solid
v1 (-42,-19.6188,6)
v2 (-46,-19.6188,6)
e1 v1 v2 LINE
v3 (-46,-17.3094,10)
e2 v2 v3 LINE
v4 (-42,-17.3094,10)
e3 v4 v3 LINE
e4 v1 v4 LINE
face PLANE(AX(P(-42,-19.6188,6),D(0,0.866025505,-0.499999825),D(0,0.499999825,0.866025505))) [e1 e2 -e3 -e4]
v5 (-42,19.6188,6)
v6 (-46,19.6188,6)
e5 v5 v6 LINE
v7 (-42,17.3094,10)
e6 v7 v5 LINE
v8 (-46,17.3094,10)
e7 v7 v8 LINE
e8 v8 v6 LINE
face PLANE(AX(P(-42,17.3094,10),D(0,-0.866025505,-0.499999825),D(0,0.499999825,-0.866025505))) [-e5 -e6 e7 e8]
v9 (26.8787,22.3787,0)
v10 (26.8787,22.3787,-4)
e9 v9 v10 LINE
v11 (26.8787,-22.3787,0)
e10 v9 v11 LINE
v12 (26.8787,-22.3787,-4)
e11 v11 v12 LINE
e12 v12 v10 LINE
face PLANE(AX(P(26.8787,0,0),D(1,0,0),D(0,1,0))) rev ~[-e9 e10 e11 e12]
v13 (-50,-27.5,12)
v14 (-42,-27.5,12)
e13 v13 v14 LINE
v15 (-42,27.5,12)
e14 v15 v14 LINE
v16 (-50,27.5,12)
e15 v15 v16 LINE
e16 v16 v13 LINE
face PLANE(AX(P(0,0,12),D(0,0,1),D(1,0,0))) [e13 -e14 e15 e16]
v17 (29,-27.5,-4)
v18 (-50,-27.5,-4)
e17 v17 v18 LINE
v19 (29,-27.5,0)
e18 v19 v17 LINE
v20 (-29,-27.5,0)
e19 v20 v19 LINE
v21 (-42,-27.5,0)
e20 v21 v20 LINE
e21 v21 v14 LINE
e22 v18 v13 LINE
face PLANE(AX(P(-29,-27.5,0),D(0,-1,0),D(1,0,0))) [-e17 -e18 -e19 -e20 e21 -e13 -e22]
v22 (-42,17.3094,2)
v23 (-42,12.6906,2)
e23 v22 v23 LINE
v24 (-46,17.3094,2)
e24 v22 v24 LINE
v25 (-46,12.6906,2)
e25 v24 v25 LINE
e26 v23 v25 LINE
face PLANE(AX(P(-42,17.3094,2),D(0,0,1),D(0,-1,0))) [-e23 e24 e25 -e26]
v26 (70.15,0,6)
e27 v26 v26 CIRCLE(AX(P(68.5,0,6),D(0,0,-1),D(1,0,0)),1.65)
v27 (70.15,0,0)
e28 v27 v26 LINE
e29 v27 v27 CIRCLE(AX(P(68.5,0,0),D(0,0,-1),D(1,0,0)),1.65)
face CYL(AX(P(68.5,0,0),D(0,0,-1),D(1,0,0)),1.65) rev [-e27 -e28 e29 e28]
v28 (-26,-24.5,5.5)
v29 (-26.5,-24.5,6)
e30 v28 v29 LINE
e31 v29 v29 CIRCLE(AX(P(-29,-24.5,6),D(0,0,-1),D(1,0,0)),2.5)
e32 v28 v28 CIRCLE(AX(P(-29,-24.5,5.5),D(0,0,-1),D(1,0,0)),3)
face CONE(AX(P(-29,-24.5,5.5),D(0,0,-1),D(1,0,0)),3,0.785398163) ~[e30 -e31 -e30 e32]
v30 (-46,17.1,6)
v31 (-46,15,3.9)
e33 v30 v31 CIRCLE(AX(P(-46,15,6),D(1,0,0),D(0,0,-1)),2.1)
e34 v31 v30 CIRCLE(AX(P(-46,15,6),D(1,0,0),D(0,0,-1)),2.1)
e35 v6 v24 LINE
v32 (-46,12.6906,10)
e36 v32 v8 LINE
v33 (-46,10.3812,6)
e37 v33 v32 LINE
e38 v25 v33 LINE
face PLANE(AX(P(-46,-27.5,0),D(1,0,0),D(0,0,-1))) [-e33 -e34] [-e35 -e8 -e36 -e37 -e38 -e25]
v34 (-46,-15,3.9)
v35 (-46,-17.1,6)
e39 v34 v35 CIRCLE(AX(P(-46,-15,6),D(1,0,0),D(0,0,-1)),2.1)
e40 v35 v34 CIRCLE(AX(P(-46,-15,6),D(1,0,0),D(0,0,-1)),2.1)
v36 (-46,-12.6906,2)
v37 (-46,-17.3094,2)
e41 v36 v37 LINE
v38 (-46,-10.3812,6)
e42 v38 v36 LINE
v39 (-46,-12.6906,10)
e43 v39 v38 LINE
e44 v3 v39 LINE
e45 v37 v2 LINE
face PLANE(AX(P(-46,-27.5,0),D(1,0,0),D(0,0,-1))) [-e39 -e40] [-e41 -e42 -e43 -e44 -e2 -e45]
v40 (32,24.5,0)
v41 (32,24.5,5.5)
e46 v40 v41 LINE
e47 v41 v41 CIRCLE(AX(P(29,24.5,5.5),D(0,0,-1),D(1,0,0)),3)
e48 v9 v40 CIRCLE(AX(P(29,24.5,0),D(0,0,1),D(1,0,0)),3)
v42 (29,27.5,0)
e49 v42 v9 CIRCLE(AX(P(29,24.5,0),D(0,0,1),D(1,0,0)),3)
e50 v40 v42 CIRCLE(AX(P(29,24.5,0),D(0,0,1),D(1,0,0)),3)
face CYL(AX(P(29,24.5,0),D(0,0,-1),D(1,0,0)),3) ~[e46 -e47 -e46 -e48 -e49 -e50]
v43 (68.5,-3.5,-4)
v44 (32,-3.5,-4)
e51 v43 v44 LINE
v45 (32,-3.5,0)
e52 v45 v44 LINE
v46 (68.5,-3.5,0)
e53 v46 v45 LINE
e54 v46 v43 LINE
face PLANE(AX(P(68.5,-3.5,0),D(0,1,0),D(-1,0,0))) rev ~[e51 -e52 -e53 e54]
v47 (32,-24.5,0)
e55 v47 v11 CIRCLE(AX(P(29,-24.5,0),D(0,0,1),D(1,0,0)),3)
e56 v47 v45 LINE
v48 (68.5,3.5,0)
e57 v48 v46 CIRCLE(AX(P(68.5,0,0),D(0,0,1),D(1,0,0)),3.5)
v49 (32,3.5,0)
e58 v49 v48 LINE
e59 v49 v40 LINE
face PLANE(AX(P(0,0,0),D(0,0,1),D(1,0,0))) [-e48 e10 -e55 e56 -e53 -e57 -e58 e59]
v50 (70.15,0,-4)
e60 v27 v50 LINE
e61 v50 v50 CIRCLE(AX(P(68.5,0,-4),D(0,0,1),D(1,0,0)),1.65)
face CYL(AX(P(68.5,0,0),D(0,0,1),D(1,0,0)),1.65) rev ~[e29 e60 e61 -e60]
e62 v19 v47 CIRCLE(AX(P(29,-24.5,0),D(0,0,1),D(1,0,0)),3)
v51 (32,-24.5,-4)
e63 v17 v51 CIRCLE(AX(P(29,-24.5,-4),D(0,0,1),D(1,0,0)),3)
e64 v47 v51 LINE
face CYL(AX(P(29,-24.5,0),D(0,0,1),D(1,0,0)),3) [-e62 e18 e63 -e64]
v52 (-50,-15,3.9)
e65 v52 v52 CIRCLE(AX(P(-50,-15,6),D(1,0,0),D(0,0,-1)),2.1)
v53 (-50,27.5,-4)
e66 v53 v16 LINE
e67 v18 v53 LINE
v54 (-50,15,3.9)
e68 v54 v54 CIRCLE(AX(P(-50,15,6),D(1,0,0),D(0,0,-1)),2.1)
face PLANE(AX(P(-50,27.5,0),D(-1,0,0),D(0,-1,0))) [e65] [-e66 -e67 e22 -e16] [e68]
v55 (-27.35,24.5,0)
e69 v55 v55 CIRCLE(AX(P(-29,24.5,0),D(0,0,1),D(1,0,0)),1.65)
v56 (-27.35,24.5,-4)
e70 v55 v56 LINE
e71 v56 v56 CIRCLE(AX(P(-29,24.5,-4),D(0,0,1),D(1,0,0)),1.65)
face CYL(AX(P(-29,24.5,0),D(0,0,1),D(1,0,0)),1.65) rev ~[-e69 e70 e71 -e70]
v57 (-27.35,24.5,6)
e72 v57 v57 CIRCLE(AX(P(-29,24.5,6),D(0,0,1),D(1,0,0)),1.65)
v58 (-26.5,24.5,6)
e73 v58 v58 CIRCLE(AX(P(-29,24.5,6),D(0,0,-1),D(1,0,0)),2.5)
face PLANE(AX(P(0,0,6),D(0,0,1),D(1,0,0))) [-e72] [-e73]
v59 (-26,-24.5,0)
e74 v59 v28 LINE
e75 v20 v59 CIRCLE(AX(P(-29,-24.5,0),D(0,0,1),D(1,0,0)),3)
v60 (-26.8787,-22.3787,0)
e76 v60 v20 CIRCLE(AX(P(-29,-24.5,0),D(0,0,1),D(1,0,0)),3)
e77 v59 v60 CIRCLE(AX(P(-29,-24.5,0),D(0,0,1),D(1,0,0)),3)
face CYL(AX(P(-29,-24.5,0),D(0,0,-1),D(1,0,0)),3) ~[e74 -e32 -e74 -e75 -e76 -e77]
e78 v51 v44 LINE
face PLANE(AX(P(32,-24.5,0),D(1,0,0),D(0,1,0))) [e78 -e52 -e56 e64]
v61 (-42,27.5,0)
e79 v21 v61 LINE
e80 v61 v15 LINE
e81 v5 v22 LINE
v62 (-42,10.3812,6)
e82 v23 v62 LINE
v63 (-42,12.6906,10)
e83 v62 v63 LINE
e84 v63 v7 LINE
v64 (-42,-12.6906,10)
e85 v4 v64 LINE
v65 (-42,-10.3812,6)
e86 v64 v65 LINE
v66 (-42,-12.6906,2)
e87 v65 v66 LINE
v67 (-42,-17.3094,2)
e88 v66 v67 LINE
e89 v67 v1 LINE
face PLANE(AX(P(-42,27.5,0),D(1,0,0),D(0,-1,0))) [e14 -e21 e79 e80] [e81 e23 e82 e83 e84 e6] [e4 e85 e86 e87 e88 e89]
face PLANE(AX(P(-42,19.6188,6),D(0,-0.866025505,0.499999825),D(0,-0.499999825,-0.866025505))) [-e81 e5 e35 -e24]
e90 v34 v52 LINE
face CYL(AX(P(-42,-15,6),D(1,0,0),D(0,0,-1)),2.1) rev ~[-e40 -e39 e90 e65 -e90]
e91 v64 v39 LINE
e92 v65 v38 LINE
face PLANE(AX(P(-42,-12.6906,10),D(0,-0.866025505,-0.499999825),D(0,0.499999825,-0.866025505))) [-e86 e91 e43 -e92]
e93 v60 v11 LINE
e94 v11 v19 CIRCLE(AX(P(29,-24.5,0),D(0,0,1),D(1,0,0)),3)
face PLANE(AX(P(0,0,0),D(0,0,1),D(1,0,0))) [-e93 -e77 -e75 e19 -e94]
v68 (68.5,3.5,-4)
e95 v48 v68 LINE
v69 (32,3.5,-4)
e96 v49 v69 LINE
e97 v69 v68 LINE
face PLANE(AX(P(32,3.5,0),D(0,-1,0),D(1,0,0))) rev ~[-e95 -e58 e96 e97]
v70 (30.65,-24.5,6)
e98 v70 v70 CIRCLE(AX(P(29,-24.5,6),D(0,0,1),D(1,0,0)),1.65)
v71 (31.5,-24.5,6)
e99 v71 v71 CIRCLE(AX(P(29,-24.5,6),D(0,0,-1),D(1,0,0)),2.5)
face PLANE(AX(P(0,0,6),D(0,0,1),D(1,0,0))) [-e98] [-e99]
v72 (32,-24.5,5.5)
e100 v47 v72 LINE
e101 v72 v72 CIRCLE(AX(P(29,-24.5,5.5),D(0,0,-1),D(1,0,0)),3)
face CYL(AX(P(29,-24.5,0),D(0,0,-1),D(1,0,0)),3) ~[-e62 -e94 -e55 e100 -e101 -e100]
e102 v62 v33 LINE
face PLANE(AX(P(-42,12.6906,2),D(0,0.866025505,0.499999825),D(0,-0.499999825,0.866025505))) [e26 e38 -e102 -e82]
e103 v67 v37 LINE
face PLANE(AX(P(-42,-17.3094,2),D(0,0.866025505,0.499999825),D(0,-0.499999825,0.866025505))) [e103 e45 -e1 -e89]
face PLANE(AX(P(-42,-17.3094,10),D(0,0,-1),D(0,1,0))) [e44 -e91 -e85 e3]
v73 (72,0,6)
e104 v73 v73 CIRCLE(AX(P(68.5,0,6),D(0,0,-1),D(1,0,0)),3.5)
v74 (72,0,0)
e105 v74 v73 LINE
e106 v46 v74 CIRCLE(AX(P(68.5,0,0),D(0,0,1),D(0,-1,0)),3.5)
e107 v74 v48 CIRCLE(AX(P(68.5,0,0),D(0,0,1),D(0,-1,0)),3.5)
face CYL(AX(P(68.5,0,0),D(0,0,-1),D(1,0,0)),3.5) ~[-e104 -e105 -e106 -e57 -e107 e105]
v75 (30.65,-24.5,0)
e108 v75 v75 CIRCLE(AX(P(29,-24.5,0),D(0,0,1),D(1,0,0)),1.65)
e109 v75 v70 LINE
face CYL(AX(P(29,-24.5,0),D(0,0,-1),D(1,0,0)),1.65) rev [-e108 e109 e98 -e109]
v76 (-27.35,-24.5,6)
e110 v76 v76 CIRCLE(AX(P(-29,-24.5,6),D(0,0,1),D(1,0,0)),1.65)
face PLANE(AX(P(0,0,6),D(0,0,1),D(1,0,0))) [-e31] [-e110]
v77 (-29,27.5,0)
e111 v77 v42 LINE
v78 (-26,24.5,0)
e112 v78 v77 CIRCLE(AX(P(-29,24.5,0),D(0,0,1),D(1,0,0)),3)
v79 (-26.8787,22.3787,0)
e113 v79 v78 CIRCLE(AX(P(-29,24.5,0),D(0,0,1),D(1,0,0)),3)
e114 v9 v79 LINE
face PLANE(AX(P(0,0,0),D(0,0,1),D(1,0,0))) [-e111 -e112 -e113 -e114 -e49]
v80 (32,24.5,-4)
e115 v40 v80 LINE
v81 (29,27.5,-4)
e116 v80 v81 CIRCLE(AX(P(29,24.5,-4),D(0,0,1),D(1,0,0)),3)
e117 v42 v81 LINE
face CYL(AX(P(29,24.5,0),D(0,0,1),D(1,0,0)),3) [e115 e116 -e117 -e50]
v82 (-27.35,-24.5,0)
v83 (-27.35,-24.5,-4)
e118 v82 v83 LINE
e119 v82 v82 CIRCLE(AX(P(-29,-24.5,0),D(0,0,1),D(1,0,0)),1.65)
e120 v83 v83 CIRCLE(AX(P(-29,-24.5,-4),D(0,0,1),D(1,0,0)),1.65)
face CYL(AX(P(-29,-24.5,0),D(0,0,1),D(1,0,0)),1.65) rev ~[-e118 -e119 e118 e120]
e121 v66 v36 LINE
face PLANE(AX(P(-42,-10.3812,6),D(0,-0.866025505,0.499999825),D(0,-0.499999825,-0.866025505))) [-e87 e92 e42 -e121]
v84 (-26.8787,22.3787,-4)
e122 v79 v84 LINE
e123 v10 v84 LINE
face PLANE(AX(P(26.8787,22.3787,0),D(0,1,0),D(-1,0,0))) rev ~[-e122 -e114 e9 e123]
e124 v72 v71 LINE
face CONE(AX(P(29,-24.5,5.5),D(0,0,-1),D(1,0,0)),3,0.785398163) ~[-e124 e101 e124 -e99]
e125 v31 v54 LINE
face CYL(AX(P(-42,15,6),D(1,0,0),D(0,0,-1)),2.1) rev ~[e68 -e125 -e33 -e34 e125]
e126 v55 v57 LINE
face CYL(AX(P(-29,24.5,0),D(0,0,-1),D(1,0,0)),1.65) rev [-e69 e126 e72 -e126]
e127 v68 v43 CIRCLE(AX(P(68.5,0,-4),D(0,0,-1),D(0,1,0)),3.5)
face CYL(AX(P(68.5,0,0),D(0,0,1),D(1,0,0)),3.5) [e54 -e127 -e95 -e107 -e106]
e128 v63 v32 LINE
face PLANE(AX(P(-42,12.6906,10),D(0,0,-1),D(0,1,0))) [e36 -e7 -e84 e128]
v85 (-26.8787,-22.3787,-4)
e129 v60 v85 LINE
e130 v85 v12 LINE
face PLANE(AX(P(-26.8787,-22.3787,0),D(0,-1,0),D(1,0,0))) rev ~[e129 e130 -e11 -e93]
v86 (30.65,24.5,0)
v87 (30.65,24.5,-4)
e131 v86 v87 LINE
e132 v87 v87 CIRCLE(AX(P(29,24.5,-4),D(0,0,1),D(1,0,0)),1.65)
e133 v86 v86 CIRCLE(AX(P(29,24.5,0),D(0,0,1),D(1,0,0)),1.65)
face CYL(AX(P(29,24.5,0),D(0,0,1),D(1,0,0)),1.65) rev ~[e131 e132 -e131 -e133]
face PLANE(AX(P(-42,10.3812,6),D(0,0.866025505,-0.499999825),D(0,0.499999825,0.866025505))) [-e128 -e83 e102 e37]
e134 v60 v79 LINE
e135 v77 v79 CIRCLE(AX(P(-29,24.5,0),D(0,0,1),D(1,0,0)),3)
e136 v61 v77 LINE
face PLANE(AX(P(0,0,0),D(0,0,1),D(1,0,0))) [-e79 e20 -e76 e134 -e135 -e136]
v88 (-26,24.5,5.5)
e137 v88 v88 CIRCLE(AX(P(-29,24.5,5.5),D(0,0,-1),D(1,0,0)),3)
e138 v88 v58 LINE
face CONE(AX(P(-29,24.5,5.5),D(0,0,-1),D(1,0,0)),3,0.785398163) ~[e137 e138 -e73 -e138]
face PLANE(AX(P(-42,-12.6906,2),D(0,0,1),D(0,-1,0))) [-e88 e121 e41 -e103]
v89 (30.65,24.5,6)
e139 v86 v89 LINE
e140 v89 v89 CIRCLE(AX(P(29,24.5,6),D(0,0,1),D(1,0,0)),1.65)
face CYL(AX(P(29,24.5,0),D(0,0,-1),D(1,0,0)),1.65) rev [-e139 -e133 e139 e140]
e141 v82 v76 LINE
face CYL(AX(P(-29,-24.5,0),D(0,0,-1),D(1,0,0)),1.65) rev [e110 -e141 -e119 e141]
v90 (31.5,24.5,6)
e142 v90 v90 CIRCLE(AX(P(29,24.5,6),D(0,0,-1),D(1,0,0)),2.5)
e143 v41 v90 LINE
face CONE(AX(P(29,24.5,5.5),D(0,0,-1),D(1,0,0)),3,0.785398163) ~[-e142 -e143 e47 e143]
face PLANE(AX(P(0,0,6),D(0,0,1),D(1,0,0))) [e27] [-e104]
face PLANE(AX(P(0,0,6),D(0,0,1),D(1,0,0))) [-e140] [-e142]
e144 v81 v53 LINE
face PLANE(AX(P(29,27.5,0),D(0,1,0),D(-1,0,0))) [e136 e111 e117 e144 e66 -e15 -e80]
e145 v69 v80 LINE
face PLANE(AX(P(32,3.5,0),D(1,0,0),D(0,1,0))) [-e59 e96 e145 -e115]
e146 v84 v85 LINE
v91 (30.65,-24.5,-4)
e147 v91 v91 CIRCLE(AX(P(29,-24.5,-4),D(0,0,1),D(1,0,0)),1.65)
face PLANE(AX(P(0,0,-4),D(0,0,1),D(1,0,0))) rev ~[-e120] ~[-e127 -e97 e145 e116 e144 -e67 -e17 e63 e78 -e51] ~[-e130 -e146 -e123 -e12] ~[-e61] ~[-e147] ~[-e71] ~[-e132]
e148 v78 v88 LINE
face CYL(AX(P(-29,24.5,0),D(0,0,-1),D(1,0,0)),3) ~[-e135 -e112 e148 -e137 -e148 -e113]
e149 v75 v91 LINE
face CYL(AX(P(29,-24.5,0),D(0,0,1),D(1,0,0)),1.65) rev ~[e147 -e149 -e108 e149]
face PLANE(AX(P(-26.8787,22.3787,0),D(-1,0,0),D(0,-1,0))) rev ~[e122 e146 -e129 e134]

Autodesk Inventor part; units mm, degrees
ref_plane "YZ Plane" through (0, 0, 0) normal (1, 0, 0) x (0, 1, 0)
ref_plane "XZ Plane" through (0, 0, 0) normal (0, 1, 0) x (-1, 0, 0)
ref_plane "XY Plane" through (0, 0, 0) normal (0, 0, 1) x (1, 0, 0)
sketch "Esquisse1" plane through (0, 0, 0) normal (0, 0, 1) x (1, 0, 0)
  line L0 (-29, 24.5) -> (29, 24.5) construction
  line L1 (29, 24.5) -> (29, -24.5) construction
  line L2 (29, -24.5) -> (-29, -24.5) construction
  line L3 (-29, -24.5) -> (-29, 24.5) construction
  line L4 (-29, 24.5) -> (29, -24.5) construction
  line L5 (29, 24.5) -> (-29, -24.5) construction
  circle A0 centre (29, 24.5) radius 1.65
  circle A1 centre (-29, 24.5) radius 1.65
  circle A2 centre (-29, -24.5) radius 1.65
  circle A3 centre (29, -24.5) radius 1.65
  circle A4 centre (29, 24.5) radius 3
  circle A5 centre (-29, 24.5) radius 3
  circle A6 centre (-29, -24.5) radius 3
  circle A7 centre (29, -24.5) radius 3
  line L6 (-42, -27.5) -> (-32, -27.5)
  line L7 (-32, -27.5) -> (-32, 27.5)
  line L8 (-32, 27.5) -> (-42, 27.5)
  line L9 (-42, 27.5) -> (-42, -27.5)
  line L10 (-42, -27.5) -> (-32, 27.5) construction
  line L11 (-32, -27.5) -> (-42, 27.5) construction
  line L12 (-50, -27.5) -> (-42, -27.5)
  line L13 (-42, -27.5) -> (-42, 27.5)
  line L14 (-42, 27.5) -> (-50, 27.5)
  line L15 (-50, 27.5) -> (-50, -27.5)
  line L16 (-50, -27.5) -> (-42, 27.5) construction
  line L17 (-42, -27.5) -> (-50, 27.5) construction
  line L18 (-74.4, 0) -> (96.4, 0) projected
  line L19 (-32, -27.5) -> (32, -27.5)
  line L20 (32, -27.5) -> (32, 27.5)
  line L21 (32, 27.5) -> (-32, 27.5)
  line L22 (-32, 27.5) -> (-32, -27.5)
  line L23 (-32, -27.5) -> (32, 27.5) construction
  line L24 (32, -27.5) -> (-32, 27.5) construction
  line L25 (26.8787, 22.3787) -> (-26.8787, 22.3787)
  line L26 (-26.8787, 22.3787) -> (-26.8787, -22.3787)
  line L27 (-26.8787, -22.3787) -> (26.8787, -22.3787)
  line L28 (26.8787, -22.3787) -> (26.8787, 22.3787)
  line L29 (26.8787, 22.3787) -> (-26.8787, -22.3787) construction
  line L30 (-26.8787, 22.3787) -> (26.8787, -22.3787) construction
  line L31 (26.8787, 0) -> (32, 0) construction
  line L32 (0, -22.3787) -> (0, -27.5) construction
  line L33 (72, -3.5) -> (32, -3.5)
  line L34 (32, -3.5) -> (32, 3.5)
  line L35 (32, 3.5) -> (72, 3.5)
  line L36 (72, 3.5) -> (72, -3.5)
  line L37 (72, -3.5) -> (32, 3.5) construction
  line L38 (32, -3.5) -> (72, 3.5) construction
  circle A8 centre (68.5, 0) radius 3.5
  circle A9 centre (68.5, 0) radius 1.65
  point P0 (0, 0)
  point P1 (-29, 0)
  point P2 (0, -24.5)
  point P3 (-37, 0)
  point P4 (-46, 0)
  point P5 (-32, 0)
  point P6 (-29, -27.5)
  point P7 (29, -27.5)
  point P8 (32, -24.5)
  point P9 (-29, 27.5)
  point P10 (-32, 24.5)
  point P11 (-32, -24.5)
  point P12 (32, 24.5)
  point P13 (29, 27.5)
  point P14 (52, 0)
  point P15 (68.5, -3.5)
  point P16 (68.5, 3.5)
  dimension "d3" = 6
  dimension "d0" = 49
  dimension "d1" = 58
  dimension "d2" = 3.3
  dimension "d32" = 10
  dimension "d33" = 8
  dimension "d49" = 7
  dimension "d50" = 40
extrude "Extrusion1" add sketch "Esquisse1" against normal blind 4 contours A4 | L25 A5 L21 A4 | A4 L20 L18 L28 | A5 | L26 L18 L7 A5 | L18 L20 A7 L28 | L35 A8 L18 L20 | A5 L7 L21 | L7 L18 L9 L8 | L26 A6 L7 L18 | L18 A8 L33 L20 | A7 | A7 L19 A6 L27 | A8 L18 A9 | L7 L6 L9 L18 | A6 | L18 A9 A8 | L9 L18 L15 L14 | A6 L19 L7 | L9 L12 L15 L18
extrude "Extrusion10" add sketch "Esquisse1" along normal blind 12 contours L9 L18 L15 L14 | L9 L12 L15 L18
extrude "Extrusion11" add sketch "Esquisse1" along normal blind 6 contours A4 | A5 | A7 | A8 L18 A9 | A6 | L18 A9 A8
sketch "Esquisse13" plane through (-42, -27.5, 0) normal (1, 0, 0) x (0, 0, -1)
  line L0 (0, 55) -> (0, 0) projected
  line L1 (0, 55) -> (-12, 55) projected
  line L2 (-12, 0) -> (-12, 55) projected
  line L3 (0, 0) -> (-12, 0) projected
  line L4 (0, 0) -> (-12, 0) projected
  line L5 (-6, 0) -> (-6, 12.5)
  line L6 (-6, 12.5) -> (-6, 42.5) construction
  line L7 (-6, 42.5) -> (-6, 55)
  line L8 (0, 55) -> (-12, 55) projected
  circle A0 centre (-6, 12.5) radius 2.1
  circle A1 centre (-6, 42.5) radius 2.1
  line L9 (-2, 14.8094) -> (-2, 10.1906)
  line L10 (-2, 10.1906) -> (-6, 7.8812)
  line L11 (-6, 7.8812) -> (-10, 10.1906)
  line L12 (-10, 10.1906) -> (-10, 14.8094)
  line L13 (-10, 14.8094) -> (-6, 17.1188)
  line L14 (-6, 17.1188) -> (-2, 14.8094)
  line L15 (-6, 37.8812) -> (-10, 40.1906)
  line L16 (-10, 40.1906) -> (-10, 44.8094)
  line L17 (-10, 44.8094) -> (-6, 47.1188)
  line L18 (-6, 47.1188) -> (-2, 44.8094)
  line L19 (-2, 44.8094) -> (-2, 40.1906)
  line L20 (-2, 40.1906) -> (-6, 37.8812)
  point P0 (-10, 42.5)
  dimension "d38" = 4.2
  dimension "d39" = 8
  dimension "d41" = 30
extrude "Extrusion12" cut sketch "Esquisse13" against normal through all contours A1 | A0
extrude "Extrusion13" cut sketch "Esquisse13" against normal blind 4 contours L18 L19 L20 L15 L16 L17 | L11 L12 L13 L14 L9 L10
chamfer "Chanfrein2" distance 0.5 angle 45 4 edges at (-32, -24.5, 6) (26, -24.5, 6) (26, 24.5, 6) (-32, 24.5, 6)
properties part number "Support_Raspberry"
